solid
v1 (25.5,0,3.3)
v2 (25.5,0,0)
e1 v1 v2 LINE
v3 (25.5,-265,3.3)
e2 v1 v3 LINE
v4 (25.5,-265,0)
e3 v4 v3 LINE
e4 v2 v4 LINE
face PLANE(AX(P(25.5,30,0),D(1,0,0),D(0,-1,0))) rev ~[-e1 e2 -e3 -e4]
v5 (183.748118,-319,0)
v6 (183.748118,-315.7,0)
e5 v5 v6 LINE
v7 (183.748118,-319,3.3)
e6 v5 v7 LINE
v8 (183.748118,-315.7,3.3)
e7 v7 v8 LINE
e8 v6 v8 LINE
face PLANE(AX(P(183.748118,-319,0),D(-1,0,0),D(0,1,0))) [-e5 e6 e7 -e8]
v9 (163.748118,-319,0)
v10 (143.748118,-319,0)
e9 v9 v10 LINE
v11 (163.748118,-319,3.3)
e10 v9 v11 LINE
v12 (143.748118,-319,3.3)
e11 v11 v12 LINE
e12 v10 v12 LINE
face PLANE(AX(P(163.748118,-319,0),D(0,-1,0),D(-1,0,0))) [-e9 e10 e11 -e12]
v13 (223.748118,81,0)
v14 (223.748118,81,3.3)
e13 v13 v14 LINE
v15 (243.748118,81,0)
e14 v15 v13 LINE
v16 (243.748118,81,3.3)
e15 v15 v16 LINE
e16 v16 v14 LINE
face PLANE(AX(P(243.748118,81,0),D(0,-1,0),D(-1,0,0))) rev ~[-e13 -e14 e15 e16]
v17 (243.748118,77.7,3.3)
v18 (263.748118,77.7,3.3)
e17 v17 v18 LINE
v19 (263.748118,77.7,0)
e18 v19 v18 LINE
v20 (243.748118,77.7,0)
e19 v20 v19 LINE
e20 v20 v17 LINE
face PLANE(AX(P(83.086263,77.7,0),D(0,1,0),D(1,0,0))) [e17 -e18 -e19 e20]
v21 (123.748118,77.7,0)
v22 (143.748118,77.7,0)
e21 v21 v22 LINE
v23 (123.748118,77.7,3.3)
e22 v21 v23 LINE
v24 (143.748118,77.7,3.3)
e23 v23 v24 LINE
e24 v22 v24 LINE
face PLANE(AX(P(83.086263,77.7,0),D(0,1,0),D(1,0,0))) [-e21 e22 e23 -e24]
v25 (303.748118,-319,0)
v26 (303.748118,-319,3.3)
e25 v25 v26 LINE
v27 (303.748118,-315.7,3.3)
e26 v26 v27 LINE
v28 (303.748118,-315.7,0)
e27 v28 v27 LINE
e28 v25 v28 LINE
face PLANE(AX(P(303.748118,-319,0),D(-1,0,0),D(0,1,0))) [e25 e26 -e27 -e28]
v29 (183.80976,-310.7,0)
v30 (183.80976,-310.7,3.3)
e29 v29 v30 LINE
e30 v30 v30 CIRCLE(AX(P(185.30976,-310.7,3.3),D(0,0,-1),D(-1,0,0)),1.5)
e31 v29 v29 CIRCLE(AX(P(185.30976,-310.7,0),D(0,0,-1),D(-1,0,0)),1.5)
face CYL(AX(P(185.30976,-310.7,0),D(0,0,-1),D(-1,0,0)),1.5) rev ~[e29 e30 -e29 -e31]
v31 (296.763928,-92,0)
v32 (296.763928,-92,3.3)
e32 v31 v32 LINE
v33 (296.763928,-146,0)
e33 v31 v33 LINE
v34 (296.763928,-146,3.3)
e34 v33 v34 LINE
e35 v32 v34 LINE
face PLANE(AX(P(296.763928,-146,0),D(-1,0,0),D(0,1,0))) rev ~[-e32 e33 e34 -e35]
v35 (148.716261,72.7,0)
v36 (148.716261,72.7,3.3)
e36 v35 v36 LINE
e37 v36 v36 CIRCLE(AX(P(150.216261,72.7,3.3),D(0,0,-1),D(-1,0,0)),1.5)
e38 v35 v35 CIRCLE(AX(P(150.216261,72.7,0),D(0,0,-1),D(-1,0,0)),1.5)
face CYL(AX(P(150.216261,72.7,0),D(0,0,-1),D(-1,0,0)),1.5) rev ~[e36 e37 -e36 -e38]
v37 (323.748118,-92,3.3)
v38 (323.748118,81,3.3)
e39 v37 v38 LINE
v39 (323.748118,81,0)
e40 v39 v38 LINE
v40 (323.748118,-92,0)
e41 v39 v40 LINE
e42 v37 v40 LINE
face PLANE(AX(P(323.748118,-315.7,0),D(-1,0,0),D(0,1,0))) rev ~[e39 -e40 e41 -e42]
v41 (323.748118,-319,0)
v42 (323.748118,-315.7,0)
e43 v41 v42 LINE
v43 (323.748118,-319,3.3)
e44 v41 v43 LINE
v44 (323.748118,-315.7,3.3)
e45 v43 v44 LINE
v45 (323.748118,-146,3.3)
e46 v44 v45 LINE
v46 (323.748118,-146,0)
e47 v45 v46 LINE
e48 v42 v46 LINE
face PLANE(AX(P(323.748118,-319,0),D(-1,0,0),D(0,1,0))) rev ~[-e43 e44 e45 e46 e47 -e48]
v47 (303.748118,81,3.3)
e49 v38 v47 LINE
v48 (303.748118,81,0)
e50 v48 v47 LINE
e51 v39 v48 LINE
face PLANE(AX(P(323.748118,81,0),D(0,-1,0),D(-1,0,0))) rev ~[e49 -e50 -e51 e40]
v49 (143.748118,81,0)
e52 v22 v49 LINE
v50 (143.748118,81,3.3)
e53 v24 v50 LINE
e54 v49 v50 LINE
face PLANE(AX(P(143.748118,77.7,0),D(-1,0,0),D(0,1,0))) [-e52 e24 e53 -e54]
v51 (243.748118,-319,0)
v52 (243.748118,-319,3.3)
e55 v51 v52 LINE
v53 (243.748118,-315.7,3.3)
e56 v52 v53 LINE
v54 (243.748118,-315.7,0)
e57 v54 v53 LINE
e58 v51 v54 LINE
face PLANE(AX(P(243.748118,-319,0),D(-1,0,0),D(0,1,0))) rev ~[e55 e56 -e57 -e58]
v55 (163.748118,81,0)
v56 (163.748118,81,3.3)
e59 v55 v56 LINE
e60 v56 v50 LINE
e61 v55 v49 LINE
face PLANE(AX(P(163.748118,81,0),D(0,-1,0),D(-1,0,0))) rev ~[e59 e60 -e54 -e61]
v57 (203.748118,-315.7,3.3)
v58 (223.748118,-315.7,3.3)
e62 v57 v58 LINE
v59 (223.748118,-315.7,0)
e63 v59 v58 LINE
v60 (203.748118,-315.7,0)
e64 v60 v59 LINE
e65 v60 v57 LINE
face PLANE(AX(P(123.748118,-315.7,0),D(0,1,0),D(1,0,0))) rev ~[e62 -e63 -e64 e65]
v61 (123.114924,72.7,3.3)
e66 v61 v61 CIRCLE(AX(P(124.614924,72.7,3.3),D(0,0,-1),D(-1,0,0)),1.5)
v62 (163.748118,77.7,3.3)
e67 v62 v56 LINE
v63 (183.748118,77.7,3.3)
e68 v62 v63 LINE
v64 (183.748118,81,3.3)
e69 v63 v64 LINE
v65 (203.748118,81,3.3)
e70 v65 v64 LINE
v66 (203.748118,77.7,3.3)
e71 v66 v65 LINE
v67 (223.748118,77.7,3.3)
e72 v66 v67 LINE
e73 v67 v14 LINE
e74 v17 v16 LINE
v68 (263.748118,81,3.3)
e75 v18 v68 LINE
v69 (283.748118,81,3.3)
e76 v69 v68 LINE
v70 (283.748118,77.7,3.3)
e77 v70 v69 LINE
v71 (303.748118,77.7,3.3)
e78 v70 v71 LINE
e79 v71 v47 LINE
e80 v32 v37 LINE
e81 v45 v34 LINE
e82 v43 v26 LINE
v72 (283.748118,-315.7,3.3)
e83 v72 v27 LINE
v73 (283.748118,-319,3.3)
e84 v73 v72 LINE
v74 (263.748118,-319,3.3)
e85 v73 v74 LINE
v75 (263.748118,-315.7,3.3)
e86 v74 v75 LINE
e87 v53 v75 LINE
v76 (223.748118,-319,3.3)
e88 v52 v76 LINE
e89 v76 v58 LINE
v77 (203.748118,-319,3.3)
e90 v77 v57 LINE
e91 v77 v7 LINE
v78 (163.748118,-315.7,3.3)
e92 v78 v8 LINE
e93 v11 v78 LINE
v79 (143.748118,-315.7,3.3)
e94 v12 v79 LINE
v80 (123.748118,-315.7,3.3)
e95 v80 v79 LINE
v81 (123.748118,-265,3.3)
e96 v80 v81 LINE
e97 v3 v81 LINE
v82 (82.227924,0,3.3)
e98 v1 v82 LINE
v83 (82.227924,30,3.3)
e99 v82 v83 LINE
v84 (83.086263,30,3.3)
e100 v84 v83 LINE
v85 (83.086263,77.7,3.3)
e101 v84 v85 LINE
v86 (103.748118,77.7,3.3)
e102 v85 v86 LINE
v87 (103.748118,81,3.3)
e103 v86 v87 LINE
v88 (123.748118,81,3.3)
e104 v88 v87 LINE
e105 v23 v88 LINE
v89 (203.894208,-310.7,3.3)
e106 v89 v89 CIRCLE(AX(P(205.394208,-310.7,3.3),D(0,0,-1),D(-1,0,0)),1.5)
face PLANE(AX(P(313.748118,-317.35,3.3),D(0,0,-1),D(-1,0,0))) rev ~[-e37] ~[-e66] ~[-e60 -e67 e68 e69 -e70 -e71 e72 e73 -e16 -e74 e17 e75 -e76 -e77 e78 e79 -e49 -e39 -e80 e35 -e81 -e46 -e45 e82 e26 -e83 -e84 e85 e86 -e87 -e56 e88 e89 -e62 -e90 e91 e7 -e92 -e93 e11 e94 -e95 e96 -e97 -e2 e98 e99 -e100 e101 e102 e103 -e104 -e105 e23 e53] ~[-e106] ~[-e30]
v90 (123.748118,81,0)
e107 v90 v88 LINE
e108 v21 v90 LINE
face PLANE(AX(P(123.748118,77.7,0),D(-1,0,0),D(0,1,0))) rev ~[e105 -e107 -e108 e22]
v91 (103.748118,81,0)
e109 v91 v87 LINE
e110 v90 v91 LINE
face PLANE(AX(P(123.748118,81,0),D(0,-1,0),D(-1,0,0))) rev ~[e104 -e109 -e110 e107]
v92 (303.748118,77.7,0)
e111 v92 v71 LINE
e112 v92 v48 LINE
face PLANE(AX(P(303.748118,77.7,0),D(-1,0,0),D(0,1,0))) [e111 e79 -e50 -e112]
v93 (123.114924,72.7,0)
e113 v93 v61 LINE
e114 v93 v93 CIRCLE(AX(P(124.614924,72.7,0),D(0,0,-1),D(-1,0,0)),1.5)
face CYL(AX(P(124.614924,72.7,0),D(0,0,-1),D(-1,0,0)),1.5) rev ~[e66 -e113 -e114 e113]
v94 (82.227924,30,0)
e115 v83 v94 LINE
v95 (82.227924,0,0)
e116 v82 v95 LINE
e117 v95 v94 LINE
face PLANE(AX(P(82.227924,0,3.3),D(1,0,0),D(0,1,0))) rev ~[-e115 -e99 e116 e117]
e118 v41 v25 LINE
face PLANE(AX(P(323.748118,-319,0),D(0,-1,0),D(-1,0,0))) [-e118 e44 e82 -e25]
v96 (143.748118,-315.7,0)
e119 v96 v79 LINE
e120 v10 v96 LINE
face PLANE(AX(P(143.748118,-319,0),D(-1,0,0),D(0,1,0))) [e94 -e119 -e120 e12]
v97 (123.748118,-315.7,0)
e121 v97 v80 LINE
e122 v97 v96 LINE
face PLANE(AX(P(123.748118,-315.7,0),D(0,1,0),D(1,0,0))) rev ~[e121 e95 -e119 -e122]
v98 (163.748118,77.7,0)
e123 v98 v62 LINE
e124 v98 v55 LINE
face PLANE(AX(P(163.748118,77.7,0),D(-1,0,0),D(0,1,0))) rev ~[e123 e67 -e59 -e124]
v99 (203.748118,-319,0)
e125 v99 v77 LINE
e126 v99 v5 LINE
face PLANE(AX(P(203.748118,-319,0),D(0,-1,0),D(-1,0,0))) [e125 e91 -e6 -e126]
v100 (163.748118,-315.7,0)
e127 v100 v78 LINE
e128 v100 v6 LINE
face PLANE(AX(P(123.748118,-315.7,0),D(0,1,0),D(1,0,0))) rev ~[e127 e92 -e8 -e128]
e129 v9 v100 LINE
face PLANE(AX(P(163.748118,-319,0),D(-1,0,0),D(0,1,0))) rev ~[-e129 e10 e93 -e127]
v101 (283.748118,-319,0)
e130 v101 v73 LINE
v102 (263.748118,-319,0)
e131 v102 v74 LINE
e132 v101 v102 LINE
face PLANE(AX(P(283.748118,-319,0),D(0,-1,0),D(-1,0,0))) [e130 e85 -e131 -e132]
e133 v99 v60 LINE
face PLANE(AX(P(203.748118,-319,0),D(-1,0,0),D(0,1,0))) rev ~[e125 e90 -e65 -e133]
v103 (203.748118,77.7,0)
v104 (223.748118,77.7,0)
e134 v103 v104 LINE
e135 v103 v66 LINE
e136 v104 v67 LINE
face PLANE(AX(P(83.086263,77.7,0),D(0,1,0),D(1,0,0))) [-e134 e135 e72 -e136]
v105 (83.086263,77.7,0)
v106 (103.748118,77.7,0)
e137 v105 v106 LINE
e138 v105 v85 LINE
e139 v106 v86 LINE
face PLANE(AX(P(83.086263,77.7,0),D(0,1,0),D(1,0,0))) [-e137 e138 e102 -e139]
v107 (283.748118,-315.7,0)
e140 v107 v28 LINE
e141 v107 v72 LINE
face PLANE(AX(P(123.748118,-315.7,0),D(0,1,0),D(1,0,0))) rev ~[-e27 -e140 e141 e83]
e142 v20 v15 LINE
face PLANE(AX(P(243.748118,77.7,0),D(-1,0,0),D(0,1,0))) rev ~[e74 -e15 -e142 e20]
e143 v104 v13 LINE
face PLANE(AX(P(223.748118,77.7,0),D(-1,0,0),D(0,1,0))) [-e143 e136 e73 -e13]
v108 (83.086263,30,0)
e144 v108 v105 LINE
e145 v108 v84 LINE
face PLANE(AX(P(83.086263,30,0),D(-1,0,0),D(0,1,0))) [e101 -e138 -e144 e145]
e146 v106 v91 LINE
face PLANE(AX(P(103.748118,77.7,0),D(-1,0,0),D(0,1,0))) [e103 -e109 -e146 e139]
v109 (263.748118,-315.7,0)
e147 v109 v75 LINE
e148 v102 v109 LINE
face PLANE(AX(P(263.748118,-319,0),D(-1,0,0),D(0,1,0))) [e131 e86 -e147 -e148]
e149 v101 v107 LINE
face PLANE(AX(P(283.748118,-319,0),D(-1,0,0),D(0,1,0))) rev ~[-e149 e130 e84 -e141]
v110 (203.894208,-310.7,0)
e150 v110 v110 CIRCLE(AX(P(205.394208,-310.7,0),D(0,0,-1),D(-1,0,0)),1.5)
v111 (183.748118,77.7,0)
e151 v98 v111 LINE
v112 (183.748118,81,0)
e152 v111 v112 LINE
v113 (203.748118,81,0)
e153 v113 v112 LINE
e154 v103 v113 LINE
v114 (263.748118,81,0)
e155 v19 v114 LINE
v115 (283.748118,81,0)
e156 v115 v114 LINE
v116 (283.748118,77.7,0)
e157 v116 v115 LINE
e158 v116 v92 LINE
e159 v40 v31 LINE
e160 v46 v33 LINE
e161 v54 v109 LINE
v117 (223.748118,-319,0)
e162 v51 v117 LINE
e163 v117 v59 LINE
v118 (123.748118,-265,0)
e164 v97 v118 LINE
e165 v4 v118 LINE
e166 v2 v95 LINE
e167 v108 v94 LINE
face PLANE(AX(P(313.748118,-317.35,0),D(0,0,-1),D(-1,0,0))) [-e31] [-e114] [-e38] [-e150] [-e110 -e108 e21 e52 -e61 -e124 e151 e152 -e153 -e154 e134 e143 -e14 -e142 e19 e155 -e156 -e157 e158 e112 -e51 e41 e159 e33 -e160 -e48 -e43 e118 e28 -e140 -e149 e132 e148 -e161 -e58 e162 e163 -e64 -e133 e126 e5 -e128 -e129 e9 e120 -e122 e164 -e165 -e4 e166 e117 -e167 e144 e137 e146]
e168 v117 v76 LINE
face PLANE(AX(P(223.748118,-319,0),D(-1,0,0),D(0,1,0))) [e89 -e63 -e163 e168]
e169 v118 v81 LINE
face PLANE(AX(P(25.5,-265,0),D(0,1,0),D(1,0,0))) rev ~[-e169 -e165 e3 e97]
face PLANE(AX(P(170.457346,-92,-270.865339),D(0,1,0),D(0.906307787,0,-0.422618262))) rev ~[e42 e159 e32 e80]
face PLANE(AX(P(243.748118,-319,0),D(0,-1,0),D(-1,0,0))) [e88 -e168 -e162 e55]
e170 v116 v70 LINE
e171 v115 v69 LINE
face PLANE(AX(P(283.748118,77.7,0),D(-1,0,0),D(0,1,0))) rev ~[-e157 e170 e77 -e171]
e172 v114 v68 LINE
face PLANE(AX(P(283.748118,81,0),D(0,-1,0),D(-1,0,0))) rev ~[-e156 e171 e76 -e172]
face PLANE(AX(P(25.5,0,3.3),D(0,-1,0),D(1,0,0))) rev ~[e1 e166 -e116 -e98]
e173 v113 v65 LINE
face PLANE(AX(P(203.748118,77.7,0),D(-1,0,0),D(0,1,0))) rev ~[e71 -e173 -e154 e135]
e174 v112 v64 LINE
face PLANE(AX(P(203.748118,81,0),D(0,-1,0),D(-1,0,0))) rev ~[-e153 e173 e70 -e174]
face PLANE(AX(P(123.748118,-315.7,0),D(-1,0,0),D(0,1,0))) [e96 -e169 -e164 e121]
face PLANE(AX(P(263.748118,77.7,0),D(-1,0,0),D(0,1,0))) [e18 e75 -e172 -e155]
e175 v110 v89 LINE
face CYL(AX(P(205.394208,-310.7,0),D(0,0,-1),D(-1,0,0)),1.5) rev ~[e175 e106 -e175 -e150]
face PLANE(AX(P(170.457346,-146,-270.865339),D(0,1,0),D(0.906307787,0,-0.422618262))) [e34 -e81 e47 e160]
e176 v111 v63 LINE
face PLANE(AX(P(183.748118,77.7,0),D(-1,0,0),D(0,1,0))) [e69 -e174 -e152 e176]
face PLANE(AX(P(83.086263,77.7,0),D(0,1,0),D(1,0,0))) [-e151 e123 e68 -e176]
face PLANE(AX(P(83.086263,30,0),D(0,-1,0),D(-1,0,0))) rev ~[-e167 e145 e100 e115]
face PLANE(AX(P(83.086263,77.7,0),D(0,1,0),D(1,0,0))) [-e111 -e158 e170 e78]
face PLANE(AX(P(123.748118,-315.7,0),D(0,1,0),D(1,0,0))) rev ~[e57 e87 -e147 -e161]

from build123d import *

# Parameters (mm, degrees)
SKETCH1_W               = 200
SKETCH1_H               = 50.7
SKETCH1_W_2             = 240.661854396
SKETCH1_H_2             = 47.7
BOSS_EXTRUDE1_DEPTH     = 3.3
SKETCH2_R               = 1.5
CUT_EXTRUDE1_DEPTH      = 453.205952877
CUT_EXTRUDE2_DEPTH      = 455.953272433
CUT_EXTRUDE2_DEPTH_BACK = 455.953272433
SKETCH3_W               = 24.5
SKETCH3_H               = 54
SKETCH4_W               = 26.984189883
SKETCH4_H               = 54
CUT_EXTRUDE3_DEPTH      = 10
SKETCH6_W               = 56.727923661
SKETCH6_H               = 30
CUT_EXTRUDE4_DEPTH      = 10
SKETCH7_W               = 20
SKETCH7_H               = 3.3
BOSS_EXTRUDE2_DEPTH     = 3.3


with BuildPart() as part:
    # Sketch1 → Boss-Extrude1 (new body)
    with BuildSketch(Plane.XY):
        Polygon((25.5, 1), (25.5, -13), (25.5, -225), (25.5, -265), (65.632913627, -265), (123.748117859, -265), (323.748117859, -265), (323.748117859, 30), (83.086263463, 30), (25.5, 30), align=None)
        with Locations((223.748117859, -290.35)):
            Rectangle(SKETCH1_W, SKETCH1_H)
        with Locations((203.417190661, 53.85)):
            Rectangle(SKETCH1_W_2, SKETCH1_H_2)
    extrude(amount=BOSS_EXTRUDE1_DEPTH)

    # Sketch2 → Cut-Extrude1 (cut, through all)
    with BuildSketch(Plane(origin=(0, 0, 0), x_dir=(-1, 0, 0), z_dir=(0, 0, -1))):
        with Locations((-150.216261358, 72.7)):
            Circle(SKETCH2_R)
        with Locations((-124.61492379, 72.7)):
            Circle(SKETCH2_R)
        with Locations((-205.394208158, -310.7)):
            Circle(SKETCH2_R)
        with Locations((-185.309760184, -310.7)):
            Circle(SKETCH2_R)
    extrude(amount=-CUT_EXTRUDE1_DEPTH, mode=Mode.SUBTRACT)

    # Sketch3 → Cut-Extrude2 (cut, two sides: drawn at the far end of the back side and taken through both)
    with BuildSketch(Plane(origin=(119.391473557, 0, 256.035841294), x_dir=(0.9063077870366519, 0, -0.42261826174069517), z_dir=(0.42261826174069517, 0, 0.9063077870366519)).offset(-CUT_EXTRUDE2_DEPTH_BACK)):
        with Locations((281.209458836, -119)):
            Rectangle(SKETCH3_W, SKETCH3_H)
    extrude(amount=CUT_EXTRUDE2_DEPTH + CUT_EXTRUDE2_DEPTH_BACK, mode=Mode.SUBTRACT)

    # Sketch4 → Cut-Extrude3 (cut)
    with BuildSketch(Plane(origin=(0, 0, 0), x_dir=(-1, 0, 0), z_dir=(0, 0, -1))):
        with Locations((-310.256022917, -119)):
            Rectangle(SKETCH4_W, SKETCH4_H)
    extrude(amount=-CUT_EXTRUDE3_DEPTH, mode=Mode.SUBTRACT)

    # Sketch6 → Cut-Extrude4 (cut)
    with BuildSketch(Plane.XY.offset(3.3)):
        with Locations((53.863961831, 15)):
            Rectangle(SKETCH6_W, SKETCH6_H)
    extrude(amount=-CUT_EXTRUDE4_DEPTH, mode=Mode.SUBTRACT)

    # Sketch7 → Boss-Extrude2 (add)
    with BuildSketch(Plane(origin=(0, 0, 0), x_dir=(-1, 0, 0), z_dir=(0, 0, -1))):
        with Locations((-193.748117858, -317.35)):
            Rectangle(SKETCH7_W, SKETCH7_H)
        with Locations((-153.748117858, -317.35)):
            Rectangle(SKETCH7_W, SKETCH7_H)
        with Locations((-113.748117859, 79.35)):
            Rectangle(SKETCH7_W, SKETCH7_H)
        with Locations((-153.748117859, 79.35)):
            Rectangle(SKETCH7_W, SKETCH7_H)
        with Locations((-233.748117858, -317.35)):
            Rectangle(SKETCH7_W, SKETCH7_H)
        with Locations((-193.748117859, 79.35)):
            Rectangle(SKETCH7_W, SKETCH7_H)
        with Locations((-273.748117858, -317.35)):
            Rectangle(SKETCH7_W, SKETCH7_H)
        with Locations((-233.748117859, 79.35)):
            Rectangle(SKETCH7_W, SKETCH7_H)
        with Locations((-313.748117858, -317.35)):
            Rectangle(SKETCH7_W, SKETCH7_H)
        with Locations((-273.748117859, 79.35)):
            Rectangle(SKETCH7_W, SKETCH7_H)
        with Locations((-313.748117859, 79.35)):
            Rectangle(SKETCH7_W, SKETCH7_H)
    extrude(amount=-BOSS_EXTRUDE2_DEPTH)


solid = part.part
